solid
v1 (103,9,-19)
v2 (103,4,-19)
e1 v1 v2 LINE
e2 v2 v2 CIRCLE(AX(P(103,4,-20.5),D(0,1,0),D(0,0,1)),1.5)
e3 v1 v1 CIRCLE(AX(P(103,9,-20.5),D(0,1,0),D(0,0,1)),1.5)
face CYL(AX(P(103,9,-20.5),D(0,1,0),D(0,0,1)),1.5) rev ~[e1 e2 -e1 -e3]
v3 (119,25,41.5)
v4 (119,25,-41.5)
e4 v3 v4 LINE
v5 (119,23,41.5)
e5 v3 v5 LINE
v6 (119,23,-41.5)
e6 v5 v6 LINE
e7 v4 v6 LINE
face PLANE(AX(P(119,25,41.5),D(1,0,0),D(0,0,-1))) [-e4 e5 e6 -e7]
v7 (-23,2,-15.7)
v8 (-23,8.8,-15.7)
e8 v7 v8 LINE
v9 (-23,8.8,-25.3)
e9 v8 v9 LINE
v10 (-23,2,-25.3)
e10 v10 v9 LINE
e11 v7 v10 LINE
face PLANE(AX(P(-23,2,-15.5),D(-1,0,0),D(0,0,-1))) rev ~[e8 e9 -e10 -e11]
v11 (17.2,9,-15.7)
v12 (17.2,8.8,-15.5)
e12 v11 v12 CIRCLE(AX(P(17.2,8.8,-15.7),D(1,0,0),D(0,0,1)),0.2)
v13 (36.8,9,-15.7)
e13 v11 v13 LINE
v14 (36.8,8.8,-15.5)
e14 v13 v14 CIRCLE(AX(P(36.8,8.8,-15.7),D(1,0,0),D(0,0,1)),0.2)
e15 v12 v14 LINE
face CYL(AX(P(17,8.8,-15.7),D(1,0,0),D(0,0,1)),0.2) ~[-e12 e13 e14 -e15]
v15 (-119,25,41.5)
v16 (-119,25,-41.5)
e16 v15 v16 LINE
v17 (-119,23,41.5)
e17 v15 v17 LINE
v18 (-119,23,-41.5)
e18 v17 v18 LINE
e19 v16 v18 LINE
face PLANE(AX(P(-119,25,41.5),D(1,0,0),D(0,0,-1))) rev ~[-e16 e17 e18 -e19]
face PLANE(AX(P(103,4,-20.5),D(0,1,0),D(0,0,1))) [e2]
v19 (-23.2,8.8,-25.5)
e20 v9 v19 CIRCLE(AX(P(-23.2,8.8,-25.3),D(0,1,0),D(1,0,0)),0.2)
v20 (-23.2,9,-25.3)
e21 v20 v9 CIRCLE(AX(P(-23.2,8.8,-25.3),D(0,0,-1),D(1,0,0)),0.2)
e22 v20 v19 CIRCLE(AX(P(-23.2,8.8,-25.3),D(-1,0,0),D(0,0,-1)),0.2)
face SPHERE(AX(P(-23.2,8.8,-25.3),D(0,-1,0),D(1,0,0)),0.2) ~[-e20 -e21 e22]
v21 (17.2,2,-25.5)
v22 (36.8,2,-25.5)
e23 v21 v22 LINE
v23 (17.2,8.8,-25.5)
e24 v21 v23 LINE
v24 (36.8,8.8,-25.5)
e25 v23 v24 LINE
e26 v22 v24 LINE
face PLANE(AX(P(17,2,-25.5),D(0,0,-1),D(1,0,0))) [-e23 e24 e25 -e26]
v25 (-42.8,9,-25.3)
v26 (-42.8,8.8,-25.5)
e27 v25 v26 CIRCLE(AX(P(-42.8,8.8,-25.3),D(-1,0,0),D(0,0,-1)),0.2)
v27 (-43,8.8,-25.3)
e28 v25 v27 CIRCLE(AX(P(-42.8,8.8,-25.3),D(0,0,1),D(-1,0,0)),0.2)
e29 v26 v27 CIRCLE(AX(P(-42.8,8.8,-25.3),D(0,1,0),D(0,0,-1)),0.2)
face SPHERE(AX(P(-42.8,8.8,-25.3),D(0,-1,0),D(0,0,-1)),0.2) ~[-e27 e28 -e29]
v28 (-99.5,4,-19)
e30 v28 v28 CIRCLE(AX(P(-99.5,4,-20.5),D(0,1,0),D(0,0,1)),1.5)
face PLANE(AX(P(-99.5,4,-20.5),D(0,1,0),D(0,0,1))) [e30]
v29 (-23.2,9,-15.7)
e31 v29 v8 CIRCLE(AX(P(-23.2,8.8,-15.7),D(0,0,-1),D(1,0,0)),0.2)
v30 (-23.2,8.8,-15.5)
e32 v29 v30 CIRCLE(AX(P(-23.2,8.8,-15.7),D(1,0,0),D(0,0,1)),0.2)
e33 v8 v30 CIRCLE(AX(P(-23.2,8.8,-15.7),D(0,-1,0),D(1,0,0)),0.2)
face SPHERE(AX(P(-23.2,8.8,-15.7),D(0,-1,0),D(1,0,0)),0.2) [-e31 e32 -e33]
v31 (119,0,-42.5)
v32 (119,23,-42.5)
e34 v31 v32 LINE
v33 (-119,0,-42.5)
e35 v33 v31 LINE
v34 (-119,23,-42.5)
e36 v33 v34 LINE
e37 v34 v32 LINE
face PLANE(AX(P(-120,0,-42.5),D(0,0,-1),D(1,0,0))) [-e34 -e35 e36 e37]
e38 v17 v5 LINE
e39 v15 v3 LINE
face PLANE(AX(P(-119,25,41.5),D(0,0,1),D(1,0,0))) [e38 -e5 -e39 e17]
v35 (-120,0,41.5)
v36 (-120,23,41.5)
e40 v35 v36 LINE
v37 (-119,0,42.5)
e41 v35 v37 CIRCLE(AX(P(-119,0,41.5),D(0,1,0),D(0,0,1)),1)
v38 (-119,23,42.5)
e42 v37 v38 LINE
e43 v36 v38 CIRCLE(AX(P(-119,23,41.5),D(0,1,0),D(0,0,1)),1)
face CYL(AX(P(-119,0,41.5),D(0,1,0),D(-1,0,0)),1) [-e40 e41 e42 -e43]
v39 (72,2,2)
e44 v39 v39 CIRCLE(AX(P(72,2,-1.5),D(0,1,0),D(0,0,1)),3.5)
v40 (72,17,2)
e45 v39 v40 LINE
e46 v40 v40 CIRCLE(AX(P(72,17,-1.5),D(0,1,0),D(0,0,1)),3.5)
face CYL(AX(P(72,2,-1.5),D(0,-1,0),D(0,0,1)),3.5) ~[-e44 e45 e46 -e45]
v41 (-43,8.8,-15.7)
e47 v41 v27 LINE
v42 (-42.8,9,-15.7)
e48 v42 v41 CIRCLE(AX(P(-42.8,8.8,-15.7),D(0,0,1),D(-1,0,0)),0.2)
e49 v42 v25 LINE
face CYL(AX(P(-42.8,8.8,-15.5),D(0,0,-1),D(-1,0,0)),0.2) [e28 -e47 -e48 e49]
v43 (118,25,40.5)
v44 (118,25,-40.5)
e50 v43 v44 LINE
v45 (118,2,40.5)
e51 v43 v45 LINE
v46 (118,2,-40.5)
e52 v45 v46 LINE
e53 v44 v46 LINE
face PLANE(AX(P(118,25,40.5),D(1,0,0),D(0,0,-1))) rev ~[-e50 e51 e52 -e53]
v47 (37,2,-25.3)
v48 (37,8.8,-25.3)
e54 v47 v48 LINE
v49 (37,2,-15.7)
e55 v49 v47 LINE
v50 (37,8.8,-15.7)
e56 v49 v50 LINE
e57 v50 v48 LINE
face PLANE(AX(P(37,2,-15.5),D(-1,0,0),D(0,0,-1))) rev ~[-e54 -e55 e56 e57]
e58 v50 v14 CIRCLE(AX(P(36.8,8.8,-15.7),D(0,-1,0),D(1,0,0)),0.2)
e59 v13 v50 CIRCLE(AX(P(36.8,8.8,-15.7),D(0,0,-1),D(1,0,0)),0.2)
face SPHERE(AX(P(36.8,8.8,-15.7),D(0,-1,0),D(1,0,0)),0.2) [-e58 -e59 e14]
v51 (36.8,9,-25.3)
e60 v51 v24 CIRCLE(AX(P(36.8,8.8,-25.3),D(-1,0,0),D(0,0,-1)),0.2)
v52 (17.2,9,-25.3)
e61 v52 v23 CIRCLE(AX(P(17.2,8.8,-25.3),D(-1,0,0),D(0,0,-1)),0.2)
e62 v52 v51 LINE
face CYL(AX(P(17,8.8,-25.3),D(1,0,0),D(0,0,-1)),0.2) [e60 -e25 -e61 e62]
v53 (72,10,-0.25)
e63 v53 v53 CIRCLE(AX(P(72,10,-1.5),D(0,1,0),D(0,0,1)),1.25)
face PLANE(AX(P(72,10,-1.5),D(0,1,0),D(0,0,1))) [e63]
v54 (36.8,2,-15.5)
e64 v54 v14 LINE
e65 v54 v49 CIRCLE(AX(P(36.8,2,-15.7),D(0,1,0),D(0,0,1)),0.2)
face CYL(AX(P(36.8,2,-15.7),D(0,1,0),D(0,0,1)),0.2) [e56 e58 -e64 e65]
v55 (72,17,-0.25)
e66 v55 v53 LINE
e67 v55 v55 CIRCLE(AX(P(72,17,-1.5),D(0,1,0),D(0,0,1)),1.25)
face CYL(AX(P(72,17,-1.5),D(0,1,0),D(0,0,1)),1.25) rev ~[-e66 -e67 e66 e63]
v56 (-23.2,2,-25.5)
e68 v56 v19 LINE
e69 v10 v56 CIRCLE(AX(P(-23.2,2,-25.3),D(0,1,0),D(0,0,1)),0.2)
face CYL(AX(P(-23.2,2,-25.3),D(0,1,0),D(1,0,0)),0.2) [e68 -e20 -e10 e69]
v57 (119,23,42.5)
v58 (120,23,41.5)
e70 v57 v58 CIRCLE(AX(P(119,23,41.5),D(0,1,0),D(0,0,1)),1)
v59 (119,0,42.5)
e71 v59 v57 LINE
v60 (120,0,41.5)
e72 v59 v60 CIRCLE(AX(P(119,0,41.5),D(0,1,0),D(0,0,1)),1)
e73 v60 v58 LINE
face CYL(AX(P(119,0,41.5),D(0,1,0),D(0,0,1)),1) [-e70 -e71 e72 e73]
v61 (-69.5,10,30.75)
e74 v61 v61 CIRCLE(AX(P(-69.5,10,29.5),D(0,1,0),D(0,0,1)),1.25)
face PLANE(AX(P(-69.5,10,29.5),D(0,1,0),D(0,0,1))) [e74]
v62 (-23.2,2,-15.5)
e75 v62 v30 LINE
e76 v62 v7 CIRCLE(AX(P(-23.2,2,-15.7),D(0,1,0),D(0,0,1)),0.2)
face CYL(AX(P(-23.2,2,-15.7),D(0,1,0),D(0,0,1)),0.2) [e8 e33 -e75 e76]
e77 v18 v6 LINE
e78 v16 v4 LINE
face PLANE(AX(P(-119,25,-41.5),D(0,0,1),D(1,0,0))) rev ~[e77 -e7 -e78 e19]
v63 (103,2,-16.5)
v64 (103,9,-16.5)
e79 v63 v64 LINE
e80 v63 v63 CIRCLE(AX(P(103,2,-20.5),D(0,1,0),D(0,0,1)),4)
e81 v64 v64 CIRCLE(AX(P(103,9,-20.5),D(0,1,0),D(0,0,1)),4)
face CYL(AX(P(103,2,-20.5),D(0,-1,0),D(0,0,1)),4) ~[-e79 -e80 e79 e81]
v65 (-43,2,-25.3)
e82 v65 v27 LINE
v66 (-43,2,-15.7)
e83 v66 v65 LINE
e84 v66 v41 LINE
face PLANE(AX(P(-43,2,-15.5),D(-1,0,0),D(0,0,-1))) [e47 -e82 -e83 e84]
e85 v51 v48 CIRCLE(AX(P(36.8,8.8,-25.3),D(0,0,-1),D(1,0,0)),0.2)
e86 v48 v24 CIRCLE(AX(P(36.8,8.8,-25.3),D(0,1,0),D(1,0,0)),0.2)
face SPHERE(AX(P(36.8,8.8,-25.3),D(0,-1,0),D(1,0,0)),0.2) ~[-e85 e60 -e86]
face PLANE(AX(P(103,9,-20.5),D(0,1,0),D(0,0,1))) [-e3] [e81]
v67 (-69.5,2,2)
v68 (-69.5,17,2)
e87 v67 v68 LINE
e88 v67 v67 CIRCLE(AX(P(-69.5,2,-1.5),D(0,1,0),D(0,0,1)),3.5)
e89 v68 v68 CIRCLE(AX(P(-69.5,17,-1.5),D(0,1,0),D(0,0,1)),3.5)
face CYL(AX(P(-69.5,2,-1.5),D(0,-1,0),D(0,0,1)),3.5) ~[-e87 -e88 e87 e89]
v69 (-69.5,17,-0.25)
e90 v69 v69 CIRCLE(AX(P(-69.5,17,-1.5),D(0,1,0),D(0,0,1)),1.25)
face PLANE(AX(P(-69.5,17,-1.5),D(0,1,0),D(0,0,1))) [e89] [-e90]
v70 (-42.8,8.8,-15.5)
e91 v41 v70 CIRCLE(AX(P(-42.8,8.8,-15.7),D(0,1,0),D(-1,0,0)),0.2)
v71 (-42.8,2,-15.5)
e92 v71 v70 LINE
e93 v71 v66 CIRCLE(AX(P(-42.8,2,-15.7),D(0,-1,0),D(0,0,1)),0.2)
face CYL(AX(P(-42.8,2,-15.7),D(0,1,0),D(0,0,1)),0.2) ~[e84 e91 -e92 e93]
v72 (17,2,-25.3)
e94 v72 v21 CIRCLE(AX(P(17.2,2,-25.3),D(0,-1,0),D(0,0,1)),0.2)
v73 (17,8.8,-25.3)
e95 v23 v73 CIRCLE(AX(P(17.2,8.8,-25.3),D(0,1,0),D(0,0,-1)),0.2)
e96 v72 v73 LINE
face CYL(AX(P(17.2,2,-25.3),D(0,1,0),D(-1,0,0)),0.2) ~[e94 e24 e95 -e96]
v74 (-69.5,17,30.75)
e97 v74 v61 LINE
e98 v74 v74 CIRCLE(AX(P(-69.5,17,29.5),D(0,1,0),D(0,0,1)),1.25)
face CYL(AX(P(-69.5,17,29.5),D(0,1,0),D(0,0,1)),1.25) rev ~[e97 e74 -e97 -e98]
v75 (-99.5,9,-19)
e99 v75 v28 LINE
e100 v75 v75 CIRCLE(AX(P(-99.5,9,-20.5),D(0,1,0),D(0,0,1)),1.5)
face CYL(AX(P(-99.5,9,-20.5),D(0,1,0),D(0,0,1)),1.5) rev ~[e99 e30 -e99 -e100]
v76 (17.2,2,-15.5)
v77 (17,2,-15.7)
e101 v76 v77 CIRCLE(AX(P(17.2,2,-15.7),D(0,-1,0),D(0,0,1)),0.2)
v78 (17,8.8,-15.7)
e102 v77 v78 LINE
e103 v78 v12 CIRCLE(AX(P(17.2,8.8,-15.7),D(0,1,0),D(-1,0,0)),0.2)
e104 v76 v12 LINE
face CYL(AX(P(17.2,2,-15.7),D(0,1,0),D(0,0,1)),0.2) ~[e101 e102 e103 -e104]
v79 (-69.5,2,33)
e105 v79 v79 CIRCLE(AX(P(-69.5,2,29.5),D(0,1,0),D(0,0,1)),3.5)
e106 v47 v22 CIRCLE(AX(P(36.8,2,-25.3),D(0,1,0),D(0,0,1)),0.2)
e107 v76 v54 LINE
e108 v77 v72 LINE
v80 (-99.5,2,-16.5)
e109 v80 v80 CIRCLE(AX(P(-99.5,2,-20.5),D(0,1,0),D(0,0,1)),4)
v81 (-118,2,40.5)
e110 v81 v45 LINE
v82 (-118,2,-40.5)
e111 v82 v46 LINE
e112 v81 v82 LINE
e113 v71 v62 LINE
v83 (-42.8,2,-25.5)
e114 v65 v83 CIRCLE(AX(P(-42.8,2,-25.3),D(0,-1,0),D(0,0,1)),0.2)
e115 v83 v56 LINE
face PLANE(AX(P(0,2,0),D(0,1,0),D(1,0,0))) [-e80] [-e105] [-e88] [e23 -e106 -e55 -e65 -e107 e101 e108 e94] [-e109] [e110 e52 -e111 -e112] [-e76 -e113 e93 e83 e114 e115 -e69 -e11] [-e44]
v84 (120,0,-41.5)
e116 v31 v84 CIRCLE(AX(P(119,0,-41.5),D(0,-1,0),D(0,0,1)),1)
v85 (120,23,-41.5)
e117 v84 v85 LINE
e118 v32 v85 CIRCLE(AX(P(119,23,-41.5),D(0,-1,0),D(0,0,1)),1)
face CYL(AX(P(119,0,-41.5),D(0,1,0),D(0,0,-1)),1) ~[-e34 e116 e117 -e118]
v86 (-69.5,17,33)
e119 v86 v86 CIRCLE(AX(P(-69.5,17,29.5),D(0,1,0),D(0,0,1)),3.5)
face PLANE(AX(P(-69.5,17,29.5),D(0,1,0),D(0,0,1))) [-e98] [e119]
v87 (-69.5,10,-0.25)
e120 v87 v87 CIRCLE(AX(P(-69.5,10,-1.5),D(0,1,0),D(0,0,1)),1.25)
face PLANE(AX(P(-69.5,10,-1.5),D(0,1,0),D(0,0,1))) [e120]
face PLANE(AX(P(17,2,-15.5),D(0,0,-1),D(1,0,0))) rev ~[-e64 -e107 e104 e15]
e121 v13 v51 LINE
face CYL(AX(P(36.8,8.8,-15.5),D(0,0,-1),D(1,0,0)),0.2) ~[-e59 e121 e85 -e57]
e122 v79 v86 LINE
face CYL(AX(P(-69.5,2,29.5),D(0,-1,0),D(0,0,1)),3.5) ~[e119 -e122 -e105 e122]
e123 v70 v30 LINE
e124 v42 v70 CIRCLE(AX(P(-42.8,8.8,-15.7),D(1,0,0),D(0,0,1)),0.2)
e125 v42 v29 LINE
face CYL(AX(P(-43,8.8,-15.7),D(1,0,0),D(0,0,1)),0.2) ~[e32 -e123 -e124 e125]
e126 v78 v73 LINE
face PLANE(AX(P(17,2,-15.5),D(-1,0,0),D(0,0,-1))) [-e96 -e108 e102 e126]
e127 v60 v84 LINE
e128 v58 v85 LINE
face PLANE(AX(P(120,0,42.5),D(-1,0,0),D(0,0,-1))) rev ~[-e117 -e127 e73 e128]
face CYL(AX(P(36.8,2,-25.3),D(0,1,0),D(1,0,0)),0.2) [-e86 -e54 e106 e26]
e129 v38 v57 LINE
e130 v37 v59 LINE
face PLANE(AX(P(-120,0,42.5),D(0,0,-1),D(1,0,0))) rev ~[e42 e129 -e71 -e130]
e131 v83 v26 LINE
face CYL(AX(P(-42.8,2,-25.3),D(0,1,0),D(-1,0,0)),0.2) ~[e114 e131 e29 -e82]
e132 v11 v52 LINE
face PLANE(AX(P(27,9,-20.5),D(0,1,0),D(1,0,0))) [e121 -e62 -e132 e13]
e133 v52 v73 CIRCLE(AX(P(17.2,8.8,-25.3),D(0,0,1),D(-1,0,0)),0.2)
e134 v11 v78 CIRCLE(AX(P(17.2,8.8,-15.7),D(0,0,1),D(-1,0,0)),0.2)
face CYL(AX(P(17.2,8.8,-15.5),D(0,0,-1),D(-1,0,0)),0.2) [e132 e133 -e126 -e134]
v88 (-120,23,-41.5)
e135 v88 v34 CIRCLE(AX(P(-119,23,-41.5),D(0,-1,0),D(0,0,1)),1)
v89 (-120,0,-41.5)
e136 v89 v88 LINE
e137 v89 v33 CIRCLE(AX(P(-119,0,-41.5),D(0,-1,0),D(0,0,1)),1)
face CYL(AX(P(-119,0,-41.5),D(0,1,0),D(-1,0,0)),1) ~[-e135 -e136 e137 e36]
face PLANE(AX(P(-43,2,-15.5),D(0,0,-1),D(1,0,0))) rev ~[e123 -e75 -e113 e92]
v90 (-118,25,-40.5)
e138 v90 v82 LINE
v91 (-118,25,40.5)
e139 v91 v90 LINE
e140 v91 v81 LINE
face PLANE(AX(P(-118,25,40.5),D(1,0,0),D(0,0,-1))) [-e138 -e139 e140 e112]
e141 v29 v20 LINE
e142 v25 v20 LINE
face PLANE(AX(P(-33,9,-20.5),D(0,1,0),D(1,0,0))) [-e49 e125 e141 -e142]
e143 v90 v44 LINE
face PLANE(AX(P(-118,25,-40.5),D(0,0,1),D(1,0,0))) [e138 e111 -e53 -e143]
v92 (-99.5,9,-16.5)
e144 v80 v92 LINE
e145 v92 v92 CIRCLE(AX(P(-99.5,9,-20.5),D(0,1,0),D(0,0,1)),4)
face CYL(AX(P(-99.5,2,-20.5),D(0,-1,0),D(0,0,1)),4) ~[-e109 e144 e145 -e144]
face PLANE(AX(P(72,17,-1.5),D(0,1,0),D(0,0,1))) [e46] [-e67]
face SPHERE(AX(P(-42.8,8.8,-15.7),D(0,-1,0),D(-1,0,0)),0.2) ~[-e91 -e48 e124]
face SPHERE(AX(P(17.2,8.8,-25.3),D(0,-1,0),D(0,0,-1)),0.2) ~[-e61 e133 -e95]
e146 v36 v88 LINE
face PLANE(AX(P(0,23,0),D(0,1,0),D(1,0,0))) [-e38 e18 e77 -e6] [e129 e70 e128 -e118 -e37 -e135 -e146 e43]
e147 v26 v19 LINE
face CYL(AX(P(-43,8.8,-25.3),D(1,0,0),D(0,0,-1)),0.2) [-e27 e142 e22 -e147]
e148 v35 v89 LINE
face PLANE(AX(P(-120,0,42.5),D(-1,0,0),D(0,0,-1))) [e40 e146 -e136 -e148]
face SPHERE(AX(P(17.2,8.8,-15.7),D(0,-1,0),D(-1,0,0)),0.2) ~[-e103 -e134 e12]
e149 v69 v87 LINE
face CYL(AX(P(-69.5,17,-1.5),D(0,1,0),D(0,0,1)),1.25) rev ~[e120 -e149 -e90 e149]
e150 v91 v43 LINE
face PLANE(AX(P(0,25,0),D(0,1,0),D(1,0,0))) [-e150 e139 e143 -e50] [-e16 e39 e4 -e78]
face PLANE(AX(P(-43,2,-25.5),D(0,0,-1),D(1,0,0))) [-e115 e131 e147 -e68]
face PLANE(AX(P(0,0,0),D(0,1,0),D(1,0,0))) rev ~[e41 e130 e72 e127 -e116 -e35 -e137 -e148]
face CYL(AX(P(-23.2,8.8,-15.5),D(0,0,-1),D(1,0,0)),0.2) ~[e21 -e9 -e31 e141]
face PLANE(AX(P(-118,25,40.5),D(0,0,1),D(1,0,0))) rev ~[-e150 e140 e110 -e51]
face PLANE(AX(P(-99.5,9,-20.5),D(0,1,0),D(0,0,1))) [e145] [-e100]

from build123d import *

# Parameters (mm, degrees)
SKETCH1_W           = 240
SKETCH1_H           = 85
BOSS_EXTRUDE1_DEPTH = 25
SKETCH2_W           = 236
SKETCH2_H           = 81
CUT_EXTRUDE1_DEPTH  = 23
SKETCH3_W           = 240
SKETCH3_H           = 85
SKETCH3_W_2         = 238
SKETCH3_H_2         = 83
CUT_EXTRUDE2_DEPTH  = 2
SKETCH5_R           = 4
SKETCH5_W           = 20
SKETCH5_H           = 10
BOSS_EXTRUDE2_DEPTH = 7
SKETCH6_R           = 1.5
CUT_EXTRUDE3_DEPTH  = 5
SKETCH7_R           = 3.5
BOSS_EXTRUDE3_DEPTH = 15
SKETCH8_R           = 1.25
CUT_EXTRUDE4_DEPTH  = 7
FILLET1_R           = 0.2
FILLET2_R           = 1


with BuildPart() as part:
    # Sketch1 → Boss-Extrude1 (new body)
    with BuildSketch(Plane(origin=(0, 0, 0), x_dir=(1, 0, 0), z_dir=(0, 1, 0))):
        Rectangle(SKETCH1_W, SKETCH1_H)
    extrude(amount=BOSS_EXTRUDE1_DEPTH)

    # Sketch2 → Cut-Extrude1 (cut)
    with BuildSketch(Plane(origin=(0, 25, 0), x_dir=(1, 0, 0), z_dir=(0, 1, 0))):
        Rectangle(SKETCH2_W, SKETCH2_H)
    extrude(amount=-CUT_EXTRUDE1_DEPTH, mode=Mode.SUBTRACT)

    # Sketch3 → Cut-Extrude2 (cut)
    with BuildSketch(Plane(origin=(0, 25, 0), x_dir=(1, 0, 0), z_dir=(0, 1, 0))):
        Rectangle(SKETCH3_W, SKETCH3_H)
        Rectangle(SKETCH3_W_2, SKETCH3_H_2, mode=Mode.SUBTRACT)
    extrude(amount=-CUT_EXTRUDE2_DEPTH, mode=Mode.SUBTRACT)

    # Sketch5 → Boss-Extrude2 (add)
    with BuildSketch(Plane(origin=(0, 2, 0), x_dir=(1, 0, 0), z_dir=(0, 1, 0))):
        with Locations(Location((-99.5, 20.5, 0), (0, 0, 270))):
            Circle(SKETCH5_R)
        with Locations(Location((103, 20.5, 0), (0, 0, 270))):
            Circle(SKETCH5_R)
        with Locations((-33, 20.5)):
            Rectangle(SKETCH5_W, SKETCH5_H)
        with Locations((27, 20.5)):
            Rectangle(SKETCH5_W, SKETCH5_H)
    extrude(amount=BOSS_EXTRUDE2_DEPTH)

    # Sketch6 → Cut-Extrude3 (cut)
    with BuildSketch(Plane(origin=(0, 9, 0), x_dir=(1, 0, 0), z_dir=(0, 1, 0))):
        with Locations(Location((-99.5, 20.5, 0), (0, 0, 270))):
            Circle(SKETCH6_R)
        with Locations(Location((103, 20.5, 0), (0, 0, 270))):
            Circle(SKETCH6_R)
    extrude(amount=-CUT_EXTRUDE3_DEPTH, mode=Mode.SUBTRACT)

    # Sketch7 → Boss-Extrude3 (add)
    with BuildSketch(Plane(origin=(0, 2, 0), x_dir=(1, 0, 0), z_dir=(0, 1, 0))):
        with Locations(Location((72, 1.5, 0), (0, 0, 270))):
            Circle(SKETCH7_R)
        with Locations(Location((-69.5, -29.5, 0), (0, 0, 270))):
            Circle(SKETCH7_R)
        with Locations(Location((-69.5, 1.5, 0), (0, 0, 270))):
            Circle(SKETCH7_R)
    extrude(amount=BOSS_EXTRUDE3_DEPTH)

    # Sketch8 → Cut-Extrude4 (cut)
    with BuildSketch(Plane(origin=(0, 17, 0), x_dir=(1, 0, 0), z_dir=(0, 1, 0))):
        with Locations(Location((72, 1.5, 0), (0, 0, 270))):
            Circle(SKETCH8_R)
        with Locations(Location((-69.5, -29.5, 0), (0, 0, 270))):
            Circle(SKETCH8_R)
        with Locations(Location((-69.5, 1.5, 0), (0, 0, 270))):
            Circle(SKETCH8_R)
    extrude(amount=-CUT_EXTRUDE4_DEPTH, mode=Mode.SUBTRACT)

    # Fillet1
    fillet1_edges = [part.edges().sort_by_distance(p)[0] for p in [
        (-23, 5.5, -15.5),
        (-23, 5.5, -25.5),
        (-43, 5.5, -25.5),
        (-43, 5.5, -15.5),
        (-23, 9, -20.5),
        (-33, 9, -25.5),
        (-43, 9, -20.5),
        (-33, 9, -15.5),
        (37, 5.5, -15.5),
        (37, 5.5, -25.5),
        (17, 5.5, -25.5),
        (17, 5.5, -15.5),
        (37, 9, -20.5),
        (27, 9, -25.5),
        (17, 9, -20.5),
        (27, 9, -15.5),
    ]]
    fillet(fillet1_edges, radius=FILLET1_R)

    # Fillet2
    fillet2_edges = [part.edges().sort_by_distance(p)[0] for p in [
        (120, 11.5, 42.5),
        (-120, 11.5, 42.5),
        (-120, 11.5, -42.5),
        (120, 11.5, -42.5),
    ]]
    fillet(fillet2_edges, radius=FILLET2_R)


solid = part.part
